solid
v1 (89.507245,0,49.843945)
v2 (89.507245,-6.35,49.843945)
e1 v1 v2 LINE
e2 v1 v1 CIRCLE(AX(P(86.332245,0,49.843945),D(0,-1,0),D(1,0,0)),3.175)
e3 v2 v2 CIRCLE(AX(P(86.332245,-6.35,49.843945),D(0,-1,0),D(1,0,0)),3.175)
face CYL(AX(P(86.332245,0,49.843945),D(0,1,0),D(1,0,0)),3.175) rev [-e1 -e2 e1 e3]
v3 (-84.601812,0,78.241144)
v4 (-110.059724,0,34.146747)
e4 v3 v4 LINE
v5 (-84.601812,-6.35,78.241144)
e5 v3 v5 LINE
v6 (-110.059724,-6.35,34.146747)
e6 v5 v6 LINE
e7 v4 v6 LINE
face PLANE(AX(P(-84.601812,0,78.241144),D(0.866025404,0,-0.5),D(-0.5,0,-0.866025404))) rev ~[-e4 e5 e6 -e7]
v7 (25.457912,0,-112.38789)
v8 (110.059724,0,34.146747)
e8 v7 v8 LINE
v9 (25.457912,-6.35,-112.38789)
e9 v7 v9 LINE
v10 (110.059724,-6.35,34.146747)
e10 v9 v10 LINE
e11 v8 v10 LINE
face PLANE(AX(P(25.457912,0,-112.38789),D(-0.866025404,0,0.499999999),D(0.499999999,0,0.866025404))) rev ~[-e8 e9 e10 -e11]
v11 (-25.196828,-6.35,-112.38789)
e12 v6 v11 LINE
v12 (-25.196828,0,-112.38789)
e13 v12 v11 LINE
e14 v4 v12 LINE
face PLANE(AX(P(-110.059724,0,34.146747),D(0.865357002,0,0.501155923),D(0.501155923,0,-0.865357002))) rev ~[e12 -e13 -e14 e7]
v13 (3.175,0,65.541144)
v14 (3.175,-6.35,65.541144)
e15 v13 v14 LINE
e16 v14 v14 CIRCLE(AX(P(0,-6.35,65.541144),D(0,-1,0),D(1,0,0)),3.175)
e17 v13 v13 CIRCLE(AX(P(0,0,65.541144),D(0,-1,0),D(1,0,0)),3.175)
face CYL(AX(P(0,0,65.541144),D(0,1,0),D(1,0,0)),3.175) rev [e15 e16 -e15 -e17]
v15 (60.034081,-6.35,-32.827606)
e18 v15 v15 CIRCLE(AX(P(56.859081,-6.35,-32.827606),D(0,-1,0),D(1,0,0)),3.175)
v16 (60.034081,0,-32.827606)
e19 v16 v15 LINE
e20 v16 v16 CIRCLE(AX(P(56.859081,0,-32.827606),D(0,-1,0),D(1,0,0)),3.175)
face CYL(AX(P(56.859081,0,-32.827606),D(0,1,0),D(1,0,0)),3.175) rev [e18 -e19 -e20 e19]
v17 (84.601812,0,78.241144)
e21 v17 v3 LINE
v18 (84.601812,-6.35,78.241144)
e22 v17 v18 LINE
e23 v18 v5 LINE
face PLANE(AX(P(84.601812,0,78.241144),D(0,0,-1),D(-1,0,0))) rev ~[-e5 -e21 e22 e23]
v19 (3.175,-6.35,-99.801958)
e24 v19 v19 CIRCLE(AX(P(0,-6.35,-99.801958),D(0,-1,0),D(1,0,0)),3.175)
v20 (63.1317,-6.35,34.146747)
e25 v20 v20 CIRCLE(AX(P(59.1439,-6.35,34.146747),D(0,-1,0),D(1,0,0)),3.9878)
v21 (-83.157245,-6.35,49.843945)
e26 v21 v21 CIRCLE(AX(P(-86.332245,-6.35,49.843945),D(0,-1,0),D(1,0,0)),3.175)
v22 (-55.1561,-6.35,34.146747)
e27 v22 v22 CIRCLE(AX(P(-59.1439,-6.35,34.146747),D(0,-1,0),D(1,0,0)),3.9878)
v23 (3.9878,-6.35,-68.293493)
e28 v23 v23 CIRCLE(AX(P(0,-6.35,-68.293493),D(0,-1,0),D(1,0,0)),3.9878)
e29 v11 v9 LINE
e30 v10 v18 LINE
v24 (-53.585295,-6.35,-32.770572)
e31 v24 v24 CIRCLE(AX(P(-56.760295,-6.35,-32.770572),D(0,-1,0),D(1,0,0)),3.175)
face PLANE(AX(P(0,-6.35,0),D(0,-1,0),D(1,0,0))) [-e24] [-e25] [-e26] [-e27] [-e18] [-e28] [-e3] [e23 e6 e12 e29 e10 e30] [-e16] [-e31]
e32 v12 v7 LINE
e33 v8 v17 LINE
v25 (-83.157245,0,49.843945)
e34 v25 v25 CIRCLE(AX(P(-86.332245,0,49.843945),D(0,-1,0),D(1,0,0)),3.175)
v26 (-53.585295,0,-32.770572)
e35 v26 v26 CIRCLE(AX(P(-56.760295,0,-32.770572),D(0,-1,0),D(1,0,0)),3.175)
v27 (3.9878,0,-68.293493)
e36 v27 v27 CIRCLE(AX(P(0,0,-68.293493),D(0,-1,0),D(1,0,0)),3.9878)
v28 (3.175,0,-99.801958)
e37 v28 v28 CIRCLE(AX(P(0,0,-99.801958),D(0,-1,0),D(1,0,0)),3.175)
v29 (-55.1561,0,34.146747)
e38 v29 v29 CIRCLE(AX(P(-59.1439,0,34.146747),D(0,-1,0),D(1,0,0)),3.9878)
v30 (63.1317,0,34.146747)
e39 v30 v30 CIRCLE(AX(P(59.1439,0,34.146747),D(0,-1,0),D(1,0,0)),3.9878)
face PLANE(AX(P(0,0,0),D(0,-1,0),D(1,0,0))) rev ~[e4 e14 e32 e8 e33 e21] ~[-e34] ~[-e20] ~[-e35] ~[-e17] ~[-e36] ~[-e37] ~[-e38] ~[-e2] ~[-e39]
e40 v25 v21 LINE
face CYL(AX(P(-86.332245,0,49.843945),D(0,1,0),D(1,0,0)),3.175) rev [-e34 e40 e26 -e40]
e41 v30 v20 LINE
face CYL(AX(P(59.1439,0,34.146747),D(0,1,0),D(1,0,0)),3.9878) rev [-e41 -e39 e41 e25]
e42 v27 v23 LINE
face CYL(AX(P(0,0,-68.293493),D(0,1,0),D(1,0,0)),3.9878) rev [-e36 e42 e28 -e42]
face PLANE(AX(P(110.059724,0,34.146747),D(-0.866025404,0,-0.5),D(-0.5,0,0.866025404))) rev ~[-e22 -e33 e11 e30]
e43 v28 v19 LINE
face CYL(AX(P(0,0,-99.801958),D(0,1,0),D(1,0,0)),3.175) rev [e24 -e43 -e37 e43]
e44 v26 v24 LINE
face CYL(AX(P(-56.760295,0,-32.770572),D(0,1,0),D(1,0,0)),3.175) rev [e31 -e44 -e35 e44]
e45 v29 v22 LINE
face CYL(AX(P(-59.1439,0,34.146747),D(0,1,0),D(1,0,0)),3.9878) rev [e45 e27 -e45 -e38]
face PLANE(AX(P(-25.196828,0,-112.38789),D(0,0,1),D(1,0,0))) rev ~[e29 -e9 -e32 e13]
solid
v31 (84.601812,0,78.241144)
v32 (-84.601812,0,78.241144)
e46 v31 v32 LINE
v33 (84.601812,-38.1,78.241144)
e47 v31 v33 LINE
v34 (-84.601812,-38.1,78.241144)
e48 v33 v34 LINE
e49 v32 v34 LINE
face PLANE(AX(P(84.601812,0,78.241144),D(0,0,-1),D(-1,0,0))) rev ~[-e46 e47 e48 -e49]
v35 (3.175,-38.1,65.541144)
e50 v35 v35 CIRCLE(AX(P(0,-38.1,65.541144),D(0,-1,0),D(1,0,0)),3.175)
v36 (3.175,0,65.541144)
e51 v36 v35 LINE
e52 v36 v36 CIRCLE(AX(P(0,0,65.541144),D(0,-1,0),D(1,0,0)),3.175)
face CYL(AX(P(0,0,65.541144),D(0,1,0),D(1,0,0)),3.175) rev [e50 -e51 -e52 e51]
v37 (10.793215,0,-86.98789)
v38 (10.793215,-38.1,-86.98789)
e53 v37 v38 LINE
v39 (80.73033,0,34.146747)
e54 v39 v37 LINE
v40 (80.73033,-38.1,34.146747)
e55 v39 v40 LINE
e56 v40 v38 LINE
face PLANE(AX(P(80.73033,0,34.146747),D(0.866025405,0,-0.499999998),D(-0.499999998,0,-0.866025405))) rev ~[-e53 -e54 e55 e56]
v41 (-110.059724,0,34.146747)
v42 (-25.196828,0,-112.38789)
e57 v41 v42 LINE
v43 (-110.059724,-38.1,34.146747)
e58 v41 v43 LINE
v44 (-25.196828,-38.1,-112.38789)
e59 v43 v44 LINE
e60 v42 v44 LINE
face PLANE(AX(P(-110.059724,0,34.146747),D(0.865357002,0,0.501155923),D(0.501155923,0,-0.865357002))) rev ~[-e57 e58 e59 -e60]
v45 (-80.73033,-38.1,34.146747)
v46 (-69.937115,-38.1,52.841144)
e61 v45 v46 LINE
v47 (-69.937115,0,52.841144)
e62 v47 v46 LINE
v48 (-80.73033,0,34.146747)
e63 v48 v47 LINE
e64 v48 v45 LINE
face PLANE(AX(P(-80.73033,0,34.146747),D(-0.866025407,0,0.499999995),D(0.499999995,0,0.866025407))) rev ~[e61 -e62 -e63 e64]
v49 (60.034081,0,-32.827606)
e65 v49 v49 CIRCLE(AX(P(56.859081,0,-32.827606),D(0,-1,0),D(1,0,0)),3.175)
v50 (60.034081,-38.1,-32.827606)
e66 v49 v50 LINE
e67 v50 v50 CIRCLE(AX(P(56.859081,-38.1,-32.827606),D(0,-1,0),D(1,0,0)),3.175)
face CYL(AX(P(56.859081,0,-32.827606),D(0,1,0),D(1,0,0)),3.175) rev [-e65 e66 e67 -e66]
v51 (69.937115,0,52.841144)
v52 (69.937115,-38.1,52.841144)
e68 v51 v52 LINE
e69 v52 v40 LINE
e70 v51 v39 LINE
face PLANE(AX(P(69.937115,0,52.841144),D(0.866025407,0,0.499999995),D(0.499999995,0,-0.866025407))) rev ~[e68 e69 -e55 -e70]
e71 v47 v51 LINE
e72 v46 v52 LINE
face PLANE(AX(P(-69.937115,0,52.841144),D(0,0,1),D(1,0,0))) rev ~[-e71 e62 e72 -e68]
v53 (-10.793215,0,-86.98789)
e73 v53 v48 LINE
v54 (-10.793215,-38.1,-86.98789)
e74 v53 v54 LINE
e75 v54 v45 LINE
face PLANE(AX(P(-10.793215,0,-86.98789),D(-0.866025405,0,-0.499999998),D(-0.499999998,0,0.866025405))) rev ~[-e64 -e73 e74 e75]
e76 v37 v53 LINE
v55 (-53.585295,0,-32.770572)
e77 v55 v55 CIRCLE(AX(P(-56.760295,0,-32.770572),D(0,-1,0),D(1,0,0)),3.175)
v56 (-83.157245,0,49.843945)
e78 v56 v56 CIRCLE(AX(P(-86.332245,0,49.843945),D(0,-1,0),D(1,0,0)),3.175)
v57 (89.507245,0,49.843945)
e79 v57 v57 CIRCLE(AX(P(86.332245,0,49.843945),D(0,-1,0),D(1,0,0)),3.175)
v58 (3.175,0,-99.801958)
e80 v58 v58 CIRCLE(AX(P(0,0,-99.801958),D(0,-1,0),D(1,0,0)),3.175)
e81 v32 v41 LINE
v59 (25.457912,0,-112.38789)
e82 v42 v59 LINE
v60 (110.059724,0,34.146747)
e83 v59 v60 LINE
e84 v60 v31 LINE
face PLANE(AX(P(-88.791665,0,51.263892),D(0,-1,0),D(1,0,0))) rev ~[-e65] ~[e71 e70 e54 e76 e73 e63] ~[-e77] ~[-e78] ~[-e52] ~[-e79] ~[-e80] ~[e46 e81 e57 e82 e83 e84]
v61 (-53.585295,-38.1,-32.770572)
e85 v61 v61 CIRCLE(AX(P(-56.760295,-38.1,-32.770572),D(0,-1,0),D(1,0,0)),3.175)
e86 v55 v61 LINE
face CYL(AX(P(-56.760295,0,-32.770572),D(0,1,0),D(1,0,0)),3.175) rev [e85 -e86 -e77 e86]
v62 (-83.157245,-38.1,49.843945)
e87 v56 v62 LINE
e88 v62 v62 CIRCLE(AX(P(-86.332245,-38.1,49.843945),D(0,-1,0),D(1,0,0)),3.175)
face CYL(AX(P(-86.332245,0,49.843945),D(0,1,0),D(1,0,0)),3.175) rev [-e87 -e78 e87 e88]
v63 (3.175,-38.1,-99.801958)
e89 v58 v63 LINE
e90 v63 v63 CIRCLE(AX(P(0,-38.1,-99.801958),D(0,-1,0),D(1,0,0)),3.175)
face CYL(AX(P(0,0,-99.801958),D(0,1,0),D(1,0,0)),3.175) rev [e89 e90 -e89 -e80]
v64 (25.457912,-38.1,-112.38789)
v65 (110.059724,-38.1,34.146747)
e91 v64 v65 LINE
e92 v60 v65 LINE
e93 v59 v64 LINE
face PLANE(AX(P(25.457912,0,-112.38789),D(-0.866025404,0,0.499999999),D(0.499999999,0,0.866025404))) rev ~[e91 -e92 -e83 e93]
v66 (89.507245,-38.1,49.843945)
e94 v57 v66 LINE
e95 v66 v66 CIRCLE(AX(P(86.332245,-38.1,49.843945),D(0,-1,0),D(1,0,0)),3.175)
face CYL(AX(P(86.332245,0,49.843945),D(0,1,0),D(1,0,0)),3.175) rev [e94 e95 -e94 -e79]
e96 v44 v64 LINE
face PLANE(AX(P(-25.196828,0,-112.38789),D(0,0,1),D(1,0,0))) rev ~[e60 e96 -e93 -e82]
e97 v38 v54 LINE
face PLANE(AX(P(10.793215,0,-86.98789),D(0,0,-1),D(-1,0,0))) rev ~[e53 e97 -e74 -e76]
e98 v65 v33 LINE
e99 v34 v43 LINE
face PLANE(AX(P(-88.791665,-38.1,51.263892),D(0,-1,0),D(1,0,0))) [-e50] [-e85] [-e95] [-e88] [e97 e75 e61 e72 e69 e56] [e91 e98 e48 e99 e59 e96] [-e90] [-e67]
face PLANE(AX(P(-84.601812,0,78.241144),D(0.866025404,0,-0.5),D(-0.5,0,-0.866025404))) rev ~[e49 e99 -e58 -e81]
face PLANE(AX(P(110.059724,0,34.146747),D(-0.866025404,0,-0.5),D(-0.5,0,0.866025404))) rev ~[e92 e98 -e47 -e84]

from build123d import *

# Parameters (mm, degrees)
F0_R     = 3.9878
F0_R_2   = 3.175
F1_DEPTH = 6.35
F2_DEPTH = 38.1


with BuildPart() as f1:
    # F0 (on Front) → F1 (new body)
    with BuildSketch(Plane.XZ):
        Polygon((69.937115, 52.841144), (-69.937115, 52.841144), (-80.73033, 34.146747), (-10.793215, -86.98789), (10.793215, -86.98789), (80.73033, 34.146747), align=None)
        with BuildLine():
            ThreePointArc((5.191303, -71.290693), (0, -74.287893), (-5.191303, -71.290693))
            Line((-5.191303, -71.290693), (-64.335203, 31.149547))
            ThreePointArc((-64.335203, 31.149547), (-64.335203, 37.143947), (-59.1439, 40.141147))
            Line((-59.1439, 40.141147), (59.1439, 40.141147))
            ThreePointArc((59.1439, 40.141147), (64.335203, 37.143947), (64.335203, 31.149547))
            Line((64.335203, 31.149547), (5.191303, -71.290693))
        make_face(mode=Mode.SUBTRACT)
        with BuildLine():
            Line((-64.335203, 31.149547), (-5.191303, -71.290693))
            ThreePointArc((-5.191303, -71.290693), (0, -74.287893), (5.191303, -71.290693))
            Line((5.191303, -71.290693), (64.335203, 31.149547))
            ThreePointArc((64.335203, 31.149547), (64.335203, 37.143947), (59.1439, 40.141147))
            Line((59.1439, 40.141147), (-59.1439, 40.141147))
            ThreePointArc((-59.1439, 40.141147), (-64.335203, 37.143947), (-64.335203, 31.149547))
        make_face()
        with Locations((0, -68.293493)):
            Circle(F0_R, mode=Mode.SUBTRACT)
        with Locations((-59.1439, 34.146747)):
            Circle(F0_R, mode=Mode.SUBTRACT)
        with Locations((59.1439, 34.146747)):
            Circle(F0_R, mode=Mode.SUBTRACT)
        Polygon((-80.73033, 34.146747), (-69.937115, 52.841144), (-84.601812, 78.241144), (-110.059724, 34.146747), align=None)
        with Locations((-86.332245, 49.843945)):
            Circle(F0_R_2, mode=Mode.SUBTRACT)
        Polygon((-10.793215, -86.98789), (-80.73033, 34.146747), (-110.059724, 34.146747), (-25.196828, -112.38789), align=None)
        with Locations((-56.760295, -32.770572)):
            Circle(F0_R_2, mode=Mode.SUBTRACT)
        Polygon((10.793215, -86.98789), (-10.793215, -86.98789), (-25.196828, -112.38789), (25.457912, -112.38789), align=None)
        with Locations((0, -99.801958)):
            Circle(F0_R_2, mode=Mode.SUBTRACT)
        Polygon((110.059724, 34.146747), (80.73033, 34.146747), (10.793215, -86.98789), (25.457912, -112.38789), align=None)
        with Locations((56.859081, -32.827606)):
            Circle(F0_R_2, mode=Mode.SUBTRACT)
        Polygon((84.601812, 78.241144), (69.937115, 52.841144), (80.73033, 34.146747), (110.059724, 34.146747), align=None)
        with Locations((86.332245, 49.843945)):
            Circle(F0_R_2, mode=Mode.SUBTRACT)
        Polygon((-84.601812, 78.241144), (-69.937115, 52.841144), (69.937115, 52.841144), (84.601812, 78.241144), align=None)
        with Locations((0, 65.541144)):
            Circle(F0_R_2, mode=Mode.SUBTRACT)
    extrude(amount=F1_DEPTH)


with BuildPart() as f2:
    # F0 (on Front) → F2 (new body)
    with BuildSketch(Plane.XZ):
        Polygon((-80.73033, 34.146747), (-69.937115, 52.841144), (-84.601812, 78.241144), (-110.059724, 34.146747), align=None)
        with Locations((-86.332245, 49.843945)):
            Circle(F0_R_2, mode=Mode.SUBTRACT)
        Polygon((-10.793215, -86.98789), (-80.73033, 34.146747), (-110.059724, 34.146747), (-25.196828, -112.38789), align=None)
        with Locations((-56.760295, -32.770572)):
            Circle(F0_R_2, mode=Mode.SUBTRACT)
        Polygon((10.793215, -86.98789), (-10.793215, -86.98789), (-25.196828, -112.38789), (25.457912, -112.38789), align=None)
        with Locations((0, -99.801958)):
            Circle(F0_R_2, mode=Mode.SUBTRACT)
        Polygon((110.059724, 34.146747), (80.73033, 34.146747), (10.793215, -86.98789), (25.457912, -112.38789), align=None)
        with Locations((56.859081, -32.827606)):
            Circle(F0_R_2, mode=Mode.SUBTRACT)
        Polygon((84.601812, 78.241144), (69.937115, 52.841144), (80.73033, 34.146747), (110.059724, 34.146747), align=None)
        with Locations((86.332245, 49.843945)):
            Circle(F0_R_2, mode=Mode.SUBTRACT)
        Polygon((-84.601812, 78.241144), (-69.937115, 52.841144), (69.937115, 52.841144), (84.601812, 78.241144), align=None)
        with Locations((0, 65.541144)):
            Circle(F0_R_2, mode=Mode.SUBTRACT)
    extrude(amount=F2_DEPTH)


solid = Compound([f1.part, f2.part])
